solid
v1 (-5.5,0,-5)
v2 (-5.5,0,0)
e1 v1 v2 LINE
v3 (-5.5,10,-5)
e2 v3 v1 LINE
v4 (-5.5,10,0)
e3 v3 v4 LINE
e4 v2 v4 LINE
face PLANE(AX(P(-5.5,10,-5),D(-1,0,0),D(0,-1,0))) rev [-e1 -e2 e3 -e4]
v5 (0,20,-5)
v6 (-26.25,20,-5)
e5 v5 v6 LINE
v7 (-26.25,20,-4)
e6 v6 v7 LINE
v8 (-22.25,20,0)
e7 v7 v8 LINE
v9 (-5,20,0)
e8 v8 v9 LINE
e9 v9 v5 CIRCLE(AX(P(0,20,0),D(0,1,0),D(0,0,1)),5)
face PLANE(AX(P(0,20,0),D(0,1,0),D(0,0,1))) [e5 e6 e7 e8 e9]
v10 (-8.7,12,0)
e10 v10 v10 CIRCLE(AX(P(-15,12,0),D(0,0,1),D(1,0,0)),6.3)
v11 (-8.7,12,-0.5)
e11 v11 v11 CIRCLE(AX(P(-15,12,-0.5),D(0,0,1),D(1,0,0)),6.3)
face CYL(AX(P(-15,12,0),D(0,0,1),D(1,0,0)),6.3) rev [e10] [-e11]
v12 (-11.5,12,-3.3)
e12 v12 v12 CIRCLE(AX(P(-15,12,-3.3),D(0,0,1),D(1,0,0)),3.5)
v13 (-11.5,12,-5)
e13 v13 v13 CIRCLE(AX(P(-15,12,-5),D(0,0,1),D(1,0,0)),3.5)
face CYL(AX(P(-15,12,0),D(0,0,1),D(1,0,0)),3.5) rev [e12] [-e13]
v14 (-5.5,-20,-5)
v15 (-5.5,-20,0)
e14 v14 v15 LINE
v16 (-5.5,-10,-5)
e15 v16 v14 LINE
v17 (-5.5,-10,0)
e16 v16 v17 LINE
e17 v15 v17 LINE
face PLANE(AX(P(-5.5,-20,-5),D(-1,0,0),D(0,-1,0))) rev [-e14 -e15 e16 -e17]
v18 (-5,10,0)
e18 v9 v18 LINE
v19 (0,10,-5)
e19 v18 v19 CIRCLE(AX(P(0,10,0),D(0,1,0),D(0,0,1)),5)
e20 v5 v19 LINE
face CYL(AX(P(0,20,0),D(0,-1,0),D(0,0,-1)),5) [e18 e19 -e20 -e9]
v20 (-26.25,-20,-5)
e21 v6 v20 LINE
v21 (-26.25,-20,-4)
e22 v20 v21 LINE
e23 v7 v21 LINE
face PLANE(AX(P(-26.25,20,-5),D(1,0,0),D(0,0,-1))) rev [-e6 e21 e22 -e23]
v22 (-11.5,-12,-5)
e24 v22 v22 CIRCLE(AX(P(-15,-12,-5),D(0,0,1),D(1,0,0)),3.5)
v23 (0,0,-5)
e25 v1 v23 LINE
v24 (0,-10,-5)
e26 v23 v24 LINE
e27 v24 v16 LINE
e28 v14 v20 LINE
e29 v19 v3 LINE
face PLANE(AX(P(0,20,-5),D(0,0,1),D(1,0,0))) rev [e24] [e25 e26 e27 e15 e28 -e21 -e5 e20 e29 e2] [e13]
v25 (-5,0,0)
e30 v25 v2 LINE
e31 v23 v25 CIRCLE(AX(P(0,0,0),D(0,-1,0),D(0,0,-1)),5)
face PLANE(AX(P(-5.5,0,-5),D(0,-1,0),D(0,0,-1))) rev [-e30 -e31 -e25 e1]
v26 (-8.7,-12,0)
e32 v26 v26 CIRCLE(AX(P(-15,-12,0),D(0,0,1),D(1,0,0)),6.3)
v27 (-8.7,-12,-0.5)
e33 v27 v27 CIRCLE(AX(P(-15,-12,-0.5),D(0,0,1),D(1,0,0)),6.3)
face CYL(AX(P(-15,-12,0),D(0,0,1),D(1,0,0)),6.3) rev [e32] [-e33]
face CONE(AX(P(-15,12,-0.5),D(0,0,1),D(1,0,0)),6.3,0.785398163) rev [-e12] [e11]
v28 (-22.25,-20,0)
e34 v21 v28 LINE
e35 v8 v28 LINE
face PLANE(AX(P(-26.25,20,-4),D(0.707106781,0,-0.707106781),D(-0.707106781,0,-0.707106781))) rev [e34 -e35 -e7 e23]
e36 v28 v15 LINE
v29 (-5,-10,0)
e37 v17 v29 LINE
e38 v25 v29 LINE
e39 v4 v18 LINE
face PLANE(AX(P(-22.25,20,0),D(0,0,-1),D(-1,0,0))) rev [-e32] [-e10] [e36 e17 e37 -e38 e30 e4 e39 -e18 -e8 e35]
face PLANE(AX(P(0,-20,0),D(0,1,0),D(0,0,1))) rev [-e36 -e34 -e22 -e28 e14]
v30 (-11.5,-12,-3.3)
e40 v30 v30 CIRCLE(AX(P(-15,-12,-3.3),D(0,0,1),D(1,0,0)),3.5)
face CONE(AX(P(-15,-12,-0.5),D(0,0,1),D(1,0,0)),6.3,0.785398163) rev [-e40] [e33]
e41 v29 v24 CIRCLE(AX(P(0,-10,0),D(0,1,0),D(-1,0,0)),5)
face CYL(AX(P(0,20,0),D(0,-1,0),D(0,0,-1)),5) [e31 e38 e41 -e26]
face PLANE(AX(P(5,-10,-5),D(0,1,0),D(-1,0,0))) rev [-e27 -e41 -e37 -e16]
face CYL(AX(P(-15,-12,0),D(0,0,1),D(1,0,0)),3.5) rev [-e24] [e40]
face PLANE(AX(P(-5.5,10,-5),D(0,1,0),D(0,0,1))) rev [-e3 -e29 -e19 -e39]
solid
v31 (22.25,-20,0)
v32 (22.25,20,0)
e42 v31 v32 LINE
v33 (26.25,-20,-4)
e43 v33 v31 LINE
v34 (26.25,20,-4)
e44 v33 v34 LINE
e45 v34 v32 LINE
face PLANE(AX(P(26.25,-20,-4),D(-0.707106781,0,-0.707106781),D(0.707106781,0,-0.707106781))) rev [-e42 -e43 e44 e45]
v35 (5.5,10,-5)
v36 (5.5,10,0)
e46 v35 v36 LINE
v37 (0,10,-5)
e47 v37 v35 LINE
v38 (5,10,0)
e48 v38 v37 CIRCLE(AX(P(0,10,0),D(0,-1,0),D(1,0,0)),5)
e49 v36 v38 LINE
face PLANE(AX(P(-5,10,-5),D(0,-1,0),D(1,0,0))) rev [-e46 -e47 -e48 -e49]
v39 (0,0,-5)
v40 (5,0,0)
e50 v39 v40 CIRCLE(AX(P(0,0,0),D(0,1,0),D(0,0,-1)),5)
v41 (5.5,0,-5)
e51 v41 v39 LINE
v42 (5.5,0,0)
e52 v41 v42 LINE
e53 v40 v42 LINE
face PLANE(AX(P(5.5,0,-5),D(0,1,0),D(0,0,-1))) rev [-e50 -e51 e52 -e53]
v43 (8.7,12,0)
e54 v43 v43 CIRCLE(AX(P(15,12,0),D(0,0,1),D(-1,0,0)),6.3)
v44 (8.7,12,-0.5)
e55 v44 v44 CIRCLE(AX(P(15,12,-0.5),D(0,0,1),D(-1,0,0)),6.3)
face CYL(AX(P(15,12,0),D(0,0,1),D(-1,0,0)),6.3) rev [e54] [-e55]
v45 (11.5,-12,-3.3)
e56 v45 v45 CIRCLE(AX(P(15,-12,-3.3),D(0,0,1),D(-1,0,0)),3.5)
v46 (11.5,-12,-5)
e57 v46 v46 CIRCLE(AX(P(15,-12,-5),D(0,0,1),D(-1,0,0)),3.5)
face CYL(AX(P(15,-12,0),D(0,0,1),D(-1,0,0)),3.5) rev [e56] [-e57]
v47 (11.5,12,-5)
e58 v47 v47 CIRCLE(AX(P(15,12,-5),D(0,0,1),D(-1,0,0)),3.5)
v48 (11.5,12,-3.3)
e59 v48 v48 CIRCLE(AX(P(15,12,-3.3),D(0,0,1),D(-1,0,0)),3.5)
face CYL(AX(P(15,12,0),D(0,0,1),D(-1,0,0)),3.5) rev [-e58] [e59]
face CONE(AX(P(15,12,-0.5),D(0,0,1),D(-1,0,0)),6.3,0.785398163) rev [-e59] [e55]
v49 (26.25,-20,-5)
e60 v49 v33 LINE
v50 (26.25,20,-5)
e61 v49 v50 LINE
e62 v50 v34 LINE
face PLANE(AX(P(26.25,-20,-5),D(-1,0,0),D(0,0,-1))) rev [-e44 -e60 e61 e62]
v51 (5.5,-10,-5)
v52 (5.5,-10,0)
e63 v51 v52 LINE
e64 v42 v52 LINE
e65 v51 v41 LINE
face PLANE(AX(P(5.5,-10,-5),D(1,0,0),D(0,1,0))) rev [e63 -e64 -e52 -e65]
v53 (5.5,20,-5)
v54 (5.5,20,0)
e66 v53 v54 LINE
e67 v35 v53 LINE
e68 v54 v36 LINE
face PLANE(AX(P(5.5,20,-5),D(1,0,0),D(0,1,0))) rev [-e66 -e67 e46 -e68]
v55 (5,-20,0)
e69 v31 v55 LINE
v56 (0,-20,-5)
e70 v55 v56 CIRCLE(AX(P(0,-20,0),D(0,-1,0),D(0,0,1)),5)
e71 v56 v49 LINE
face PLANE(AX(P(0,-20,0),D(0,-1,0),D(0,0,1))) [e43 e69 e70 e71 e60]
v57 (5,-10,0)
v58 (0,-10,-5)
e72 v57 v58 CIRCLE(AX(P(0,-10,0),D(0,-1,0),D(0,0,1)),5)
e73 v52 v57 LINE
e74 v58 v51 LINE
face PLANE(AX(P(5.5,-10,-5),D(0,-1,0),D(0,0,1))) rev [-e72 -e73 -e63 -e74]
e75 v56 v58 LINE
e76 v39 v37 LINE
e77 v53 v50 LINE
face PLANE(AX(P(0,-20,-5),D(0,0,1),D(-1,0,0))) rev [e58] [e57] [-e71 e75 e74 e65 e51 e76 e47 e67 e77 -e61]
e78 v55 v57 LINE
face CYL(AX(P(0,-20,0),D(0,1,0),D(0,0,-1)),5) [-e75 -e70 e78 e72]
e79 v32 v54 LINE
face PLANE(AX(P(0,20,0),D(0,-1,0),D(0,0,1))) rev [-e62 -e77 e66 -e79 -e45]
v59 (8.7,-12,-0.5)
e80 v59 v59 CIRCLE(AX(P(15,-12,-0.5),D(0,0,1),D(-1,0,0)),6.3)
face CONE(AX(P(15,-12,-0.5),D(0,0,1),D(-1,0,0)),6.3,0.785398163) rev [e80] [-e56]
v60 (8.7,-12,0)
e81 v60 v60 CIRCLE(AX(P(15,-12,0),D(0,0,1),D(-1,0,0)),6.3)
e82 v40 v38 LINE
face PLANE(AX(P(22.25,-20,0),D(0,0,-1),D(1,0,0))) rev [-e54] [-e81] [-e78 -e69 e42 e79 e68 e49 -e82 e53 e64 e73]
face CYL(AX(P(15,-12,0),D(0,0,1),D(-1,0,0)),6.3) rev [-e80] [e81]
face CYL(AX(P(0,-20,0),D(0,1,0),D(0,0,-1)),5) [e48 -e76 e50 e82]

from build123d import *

# Parameters (mm, degrees)
EXTRUDE_1_DEPTH            = 20
SKETCH_3_W                 = 10.5
SKETCH_3_H                 = 10
CUT_EXTRUDE_1_DEPTH        = 6
CUT_EXTRUDE_1_DEPTH_BACK   = 6
HOLE_WIZARD_M61_AT_2_COUNT = 2
HOLE_WIZARD_M61_AT_2_PITCH = 24
PATTERN_CIRCULAR_1_COUNT   = 2


with BuildPart() as part:
    # Эскиз1 → Бобышка-Вытянуть1 (new body, symmetric)
    with BuildSketch(Plane(origin=(0, 0, 0), x_dir=(1, 0, 0), z_dir=(0, 1, 0))):
        with BuildLine():
            Line((0, 5), (-26.25, 5))
            Line((-26.25, 5), (-26.25, 4))
            Line((-26.25, 4), (-22.25, 0))
            Line((-22.25, 0), (-5, 0))
            ThreePointArc((-5, 0), (3.535533906, -3.535533906), (0, 5))
        make_face()
    extrude(amount=EXTRUDE_1_DEPTH, both=True)

    # Эскиз3 → Вырез-Вытянуть1 (cut, two sides)
    with BuildSketch(Plane.XY) as cut_extrude_1_sk:
        with Locations((-0.25, 5)):
            Rectangle(SKETCH_3_W, SKETCH_3_H)
        with Locations((-0.25, -15)):
            Rectangle(SKETCH_3_W, SKETCH_3_H)
    extrude(amount=CUT_EXTRUDE_1_DEPTH, mode=Mode.SUBTRACT)
    extrude(cut_extrude_1_sk.sketch, amount=-CUT_EXTRUDE_1_DEPTH_BACK, mode=Mode.SUBTRACT)

    # Эскиз6 → Зенковка для винта с полупотайной головкой M61 (revolve, cut)
    with BuildSketch(Plane(origin=(-15, 12, 0), x_dir=(0, -1, 0), z_dir=(1, 0, 0))):
        Polygon((0, 0), (0, 5), (3.5, 5), (3.5, 3.3), (6.3, 0.5), (6.3, 0), align=None)
    hole_wizard_m61 = revolve(axis=Axis((-15, 12, 6.35), (0, 0, -1)), mode=Mode.SUBTRACT)

    # Зенковка для винта с полупотайной головкой M61 at 2: Зенковка для винта с полупотайной головкой M61 ×2
    with Locations(*[(0, -i * HOLE_WIZARD_M61_AT_2_PITCH, 0) for i in range(1, HOLE_WIZARD_M61_AT_2_COUNT)]):
        add(hole_wizard_m61, mode=Mode.SUBTRACT)


with BuildPart() as pattern_circular_1_1:
    # Круговой массив1: pattern copy
    add(part.part.rotate(Axis((0, 0, 0), (0, 0, 1)), 1 * 360 / PATTERN_CIRCULAR_1_COUNT))


solid = Compound([part.part, pattern_circular_1_1.part])
